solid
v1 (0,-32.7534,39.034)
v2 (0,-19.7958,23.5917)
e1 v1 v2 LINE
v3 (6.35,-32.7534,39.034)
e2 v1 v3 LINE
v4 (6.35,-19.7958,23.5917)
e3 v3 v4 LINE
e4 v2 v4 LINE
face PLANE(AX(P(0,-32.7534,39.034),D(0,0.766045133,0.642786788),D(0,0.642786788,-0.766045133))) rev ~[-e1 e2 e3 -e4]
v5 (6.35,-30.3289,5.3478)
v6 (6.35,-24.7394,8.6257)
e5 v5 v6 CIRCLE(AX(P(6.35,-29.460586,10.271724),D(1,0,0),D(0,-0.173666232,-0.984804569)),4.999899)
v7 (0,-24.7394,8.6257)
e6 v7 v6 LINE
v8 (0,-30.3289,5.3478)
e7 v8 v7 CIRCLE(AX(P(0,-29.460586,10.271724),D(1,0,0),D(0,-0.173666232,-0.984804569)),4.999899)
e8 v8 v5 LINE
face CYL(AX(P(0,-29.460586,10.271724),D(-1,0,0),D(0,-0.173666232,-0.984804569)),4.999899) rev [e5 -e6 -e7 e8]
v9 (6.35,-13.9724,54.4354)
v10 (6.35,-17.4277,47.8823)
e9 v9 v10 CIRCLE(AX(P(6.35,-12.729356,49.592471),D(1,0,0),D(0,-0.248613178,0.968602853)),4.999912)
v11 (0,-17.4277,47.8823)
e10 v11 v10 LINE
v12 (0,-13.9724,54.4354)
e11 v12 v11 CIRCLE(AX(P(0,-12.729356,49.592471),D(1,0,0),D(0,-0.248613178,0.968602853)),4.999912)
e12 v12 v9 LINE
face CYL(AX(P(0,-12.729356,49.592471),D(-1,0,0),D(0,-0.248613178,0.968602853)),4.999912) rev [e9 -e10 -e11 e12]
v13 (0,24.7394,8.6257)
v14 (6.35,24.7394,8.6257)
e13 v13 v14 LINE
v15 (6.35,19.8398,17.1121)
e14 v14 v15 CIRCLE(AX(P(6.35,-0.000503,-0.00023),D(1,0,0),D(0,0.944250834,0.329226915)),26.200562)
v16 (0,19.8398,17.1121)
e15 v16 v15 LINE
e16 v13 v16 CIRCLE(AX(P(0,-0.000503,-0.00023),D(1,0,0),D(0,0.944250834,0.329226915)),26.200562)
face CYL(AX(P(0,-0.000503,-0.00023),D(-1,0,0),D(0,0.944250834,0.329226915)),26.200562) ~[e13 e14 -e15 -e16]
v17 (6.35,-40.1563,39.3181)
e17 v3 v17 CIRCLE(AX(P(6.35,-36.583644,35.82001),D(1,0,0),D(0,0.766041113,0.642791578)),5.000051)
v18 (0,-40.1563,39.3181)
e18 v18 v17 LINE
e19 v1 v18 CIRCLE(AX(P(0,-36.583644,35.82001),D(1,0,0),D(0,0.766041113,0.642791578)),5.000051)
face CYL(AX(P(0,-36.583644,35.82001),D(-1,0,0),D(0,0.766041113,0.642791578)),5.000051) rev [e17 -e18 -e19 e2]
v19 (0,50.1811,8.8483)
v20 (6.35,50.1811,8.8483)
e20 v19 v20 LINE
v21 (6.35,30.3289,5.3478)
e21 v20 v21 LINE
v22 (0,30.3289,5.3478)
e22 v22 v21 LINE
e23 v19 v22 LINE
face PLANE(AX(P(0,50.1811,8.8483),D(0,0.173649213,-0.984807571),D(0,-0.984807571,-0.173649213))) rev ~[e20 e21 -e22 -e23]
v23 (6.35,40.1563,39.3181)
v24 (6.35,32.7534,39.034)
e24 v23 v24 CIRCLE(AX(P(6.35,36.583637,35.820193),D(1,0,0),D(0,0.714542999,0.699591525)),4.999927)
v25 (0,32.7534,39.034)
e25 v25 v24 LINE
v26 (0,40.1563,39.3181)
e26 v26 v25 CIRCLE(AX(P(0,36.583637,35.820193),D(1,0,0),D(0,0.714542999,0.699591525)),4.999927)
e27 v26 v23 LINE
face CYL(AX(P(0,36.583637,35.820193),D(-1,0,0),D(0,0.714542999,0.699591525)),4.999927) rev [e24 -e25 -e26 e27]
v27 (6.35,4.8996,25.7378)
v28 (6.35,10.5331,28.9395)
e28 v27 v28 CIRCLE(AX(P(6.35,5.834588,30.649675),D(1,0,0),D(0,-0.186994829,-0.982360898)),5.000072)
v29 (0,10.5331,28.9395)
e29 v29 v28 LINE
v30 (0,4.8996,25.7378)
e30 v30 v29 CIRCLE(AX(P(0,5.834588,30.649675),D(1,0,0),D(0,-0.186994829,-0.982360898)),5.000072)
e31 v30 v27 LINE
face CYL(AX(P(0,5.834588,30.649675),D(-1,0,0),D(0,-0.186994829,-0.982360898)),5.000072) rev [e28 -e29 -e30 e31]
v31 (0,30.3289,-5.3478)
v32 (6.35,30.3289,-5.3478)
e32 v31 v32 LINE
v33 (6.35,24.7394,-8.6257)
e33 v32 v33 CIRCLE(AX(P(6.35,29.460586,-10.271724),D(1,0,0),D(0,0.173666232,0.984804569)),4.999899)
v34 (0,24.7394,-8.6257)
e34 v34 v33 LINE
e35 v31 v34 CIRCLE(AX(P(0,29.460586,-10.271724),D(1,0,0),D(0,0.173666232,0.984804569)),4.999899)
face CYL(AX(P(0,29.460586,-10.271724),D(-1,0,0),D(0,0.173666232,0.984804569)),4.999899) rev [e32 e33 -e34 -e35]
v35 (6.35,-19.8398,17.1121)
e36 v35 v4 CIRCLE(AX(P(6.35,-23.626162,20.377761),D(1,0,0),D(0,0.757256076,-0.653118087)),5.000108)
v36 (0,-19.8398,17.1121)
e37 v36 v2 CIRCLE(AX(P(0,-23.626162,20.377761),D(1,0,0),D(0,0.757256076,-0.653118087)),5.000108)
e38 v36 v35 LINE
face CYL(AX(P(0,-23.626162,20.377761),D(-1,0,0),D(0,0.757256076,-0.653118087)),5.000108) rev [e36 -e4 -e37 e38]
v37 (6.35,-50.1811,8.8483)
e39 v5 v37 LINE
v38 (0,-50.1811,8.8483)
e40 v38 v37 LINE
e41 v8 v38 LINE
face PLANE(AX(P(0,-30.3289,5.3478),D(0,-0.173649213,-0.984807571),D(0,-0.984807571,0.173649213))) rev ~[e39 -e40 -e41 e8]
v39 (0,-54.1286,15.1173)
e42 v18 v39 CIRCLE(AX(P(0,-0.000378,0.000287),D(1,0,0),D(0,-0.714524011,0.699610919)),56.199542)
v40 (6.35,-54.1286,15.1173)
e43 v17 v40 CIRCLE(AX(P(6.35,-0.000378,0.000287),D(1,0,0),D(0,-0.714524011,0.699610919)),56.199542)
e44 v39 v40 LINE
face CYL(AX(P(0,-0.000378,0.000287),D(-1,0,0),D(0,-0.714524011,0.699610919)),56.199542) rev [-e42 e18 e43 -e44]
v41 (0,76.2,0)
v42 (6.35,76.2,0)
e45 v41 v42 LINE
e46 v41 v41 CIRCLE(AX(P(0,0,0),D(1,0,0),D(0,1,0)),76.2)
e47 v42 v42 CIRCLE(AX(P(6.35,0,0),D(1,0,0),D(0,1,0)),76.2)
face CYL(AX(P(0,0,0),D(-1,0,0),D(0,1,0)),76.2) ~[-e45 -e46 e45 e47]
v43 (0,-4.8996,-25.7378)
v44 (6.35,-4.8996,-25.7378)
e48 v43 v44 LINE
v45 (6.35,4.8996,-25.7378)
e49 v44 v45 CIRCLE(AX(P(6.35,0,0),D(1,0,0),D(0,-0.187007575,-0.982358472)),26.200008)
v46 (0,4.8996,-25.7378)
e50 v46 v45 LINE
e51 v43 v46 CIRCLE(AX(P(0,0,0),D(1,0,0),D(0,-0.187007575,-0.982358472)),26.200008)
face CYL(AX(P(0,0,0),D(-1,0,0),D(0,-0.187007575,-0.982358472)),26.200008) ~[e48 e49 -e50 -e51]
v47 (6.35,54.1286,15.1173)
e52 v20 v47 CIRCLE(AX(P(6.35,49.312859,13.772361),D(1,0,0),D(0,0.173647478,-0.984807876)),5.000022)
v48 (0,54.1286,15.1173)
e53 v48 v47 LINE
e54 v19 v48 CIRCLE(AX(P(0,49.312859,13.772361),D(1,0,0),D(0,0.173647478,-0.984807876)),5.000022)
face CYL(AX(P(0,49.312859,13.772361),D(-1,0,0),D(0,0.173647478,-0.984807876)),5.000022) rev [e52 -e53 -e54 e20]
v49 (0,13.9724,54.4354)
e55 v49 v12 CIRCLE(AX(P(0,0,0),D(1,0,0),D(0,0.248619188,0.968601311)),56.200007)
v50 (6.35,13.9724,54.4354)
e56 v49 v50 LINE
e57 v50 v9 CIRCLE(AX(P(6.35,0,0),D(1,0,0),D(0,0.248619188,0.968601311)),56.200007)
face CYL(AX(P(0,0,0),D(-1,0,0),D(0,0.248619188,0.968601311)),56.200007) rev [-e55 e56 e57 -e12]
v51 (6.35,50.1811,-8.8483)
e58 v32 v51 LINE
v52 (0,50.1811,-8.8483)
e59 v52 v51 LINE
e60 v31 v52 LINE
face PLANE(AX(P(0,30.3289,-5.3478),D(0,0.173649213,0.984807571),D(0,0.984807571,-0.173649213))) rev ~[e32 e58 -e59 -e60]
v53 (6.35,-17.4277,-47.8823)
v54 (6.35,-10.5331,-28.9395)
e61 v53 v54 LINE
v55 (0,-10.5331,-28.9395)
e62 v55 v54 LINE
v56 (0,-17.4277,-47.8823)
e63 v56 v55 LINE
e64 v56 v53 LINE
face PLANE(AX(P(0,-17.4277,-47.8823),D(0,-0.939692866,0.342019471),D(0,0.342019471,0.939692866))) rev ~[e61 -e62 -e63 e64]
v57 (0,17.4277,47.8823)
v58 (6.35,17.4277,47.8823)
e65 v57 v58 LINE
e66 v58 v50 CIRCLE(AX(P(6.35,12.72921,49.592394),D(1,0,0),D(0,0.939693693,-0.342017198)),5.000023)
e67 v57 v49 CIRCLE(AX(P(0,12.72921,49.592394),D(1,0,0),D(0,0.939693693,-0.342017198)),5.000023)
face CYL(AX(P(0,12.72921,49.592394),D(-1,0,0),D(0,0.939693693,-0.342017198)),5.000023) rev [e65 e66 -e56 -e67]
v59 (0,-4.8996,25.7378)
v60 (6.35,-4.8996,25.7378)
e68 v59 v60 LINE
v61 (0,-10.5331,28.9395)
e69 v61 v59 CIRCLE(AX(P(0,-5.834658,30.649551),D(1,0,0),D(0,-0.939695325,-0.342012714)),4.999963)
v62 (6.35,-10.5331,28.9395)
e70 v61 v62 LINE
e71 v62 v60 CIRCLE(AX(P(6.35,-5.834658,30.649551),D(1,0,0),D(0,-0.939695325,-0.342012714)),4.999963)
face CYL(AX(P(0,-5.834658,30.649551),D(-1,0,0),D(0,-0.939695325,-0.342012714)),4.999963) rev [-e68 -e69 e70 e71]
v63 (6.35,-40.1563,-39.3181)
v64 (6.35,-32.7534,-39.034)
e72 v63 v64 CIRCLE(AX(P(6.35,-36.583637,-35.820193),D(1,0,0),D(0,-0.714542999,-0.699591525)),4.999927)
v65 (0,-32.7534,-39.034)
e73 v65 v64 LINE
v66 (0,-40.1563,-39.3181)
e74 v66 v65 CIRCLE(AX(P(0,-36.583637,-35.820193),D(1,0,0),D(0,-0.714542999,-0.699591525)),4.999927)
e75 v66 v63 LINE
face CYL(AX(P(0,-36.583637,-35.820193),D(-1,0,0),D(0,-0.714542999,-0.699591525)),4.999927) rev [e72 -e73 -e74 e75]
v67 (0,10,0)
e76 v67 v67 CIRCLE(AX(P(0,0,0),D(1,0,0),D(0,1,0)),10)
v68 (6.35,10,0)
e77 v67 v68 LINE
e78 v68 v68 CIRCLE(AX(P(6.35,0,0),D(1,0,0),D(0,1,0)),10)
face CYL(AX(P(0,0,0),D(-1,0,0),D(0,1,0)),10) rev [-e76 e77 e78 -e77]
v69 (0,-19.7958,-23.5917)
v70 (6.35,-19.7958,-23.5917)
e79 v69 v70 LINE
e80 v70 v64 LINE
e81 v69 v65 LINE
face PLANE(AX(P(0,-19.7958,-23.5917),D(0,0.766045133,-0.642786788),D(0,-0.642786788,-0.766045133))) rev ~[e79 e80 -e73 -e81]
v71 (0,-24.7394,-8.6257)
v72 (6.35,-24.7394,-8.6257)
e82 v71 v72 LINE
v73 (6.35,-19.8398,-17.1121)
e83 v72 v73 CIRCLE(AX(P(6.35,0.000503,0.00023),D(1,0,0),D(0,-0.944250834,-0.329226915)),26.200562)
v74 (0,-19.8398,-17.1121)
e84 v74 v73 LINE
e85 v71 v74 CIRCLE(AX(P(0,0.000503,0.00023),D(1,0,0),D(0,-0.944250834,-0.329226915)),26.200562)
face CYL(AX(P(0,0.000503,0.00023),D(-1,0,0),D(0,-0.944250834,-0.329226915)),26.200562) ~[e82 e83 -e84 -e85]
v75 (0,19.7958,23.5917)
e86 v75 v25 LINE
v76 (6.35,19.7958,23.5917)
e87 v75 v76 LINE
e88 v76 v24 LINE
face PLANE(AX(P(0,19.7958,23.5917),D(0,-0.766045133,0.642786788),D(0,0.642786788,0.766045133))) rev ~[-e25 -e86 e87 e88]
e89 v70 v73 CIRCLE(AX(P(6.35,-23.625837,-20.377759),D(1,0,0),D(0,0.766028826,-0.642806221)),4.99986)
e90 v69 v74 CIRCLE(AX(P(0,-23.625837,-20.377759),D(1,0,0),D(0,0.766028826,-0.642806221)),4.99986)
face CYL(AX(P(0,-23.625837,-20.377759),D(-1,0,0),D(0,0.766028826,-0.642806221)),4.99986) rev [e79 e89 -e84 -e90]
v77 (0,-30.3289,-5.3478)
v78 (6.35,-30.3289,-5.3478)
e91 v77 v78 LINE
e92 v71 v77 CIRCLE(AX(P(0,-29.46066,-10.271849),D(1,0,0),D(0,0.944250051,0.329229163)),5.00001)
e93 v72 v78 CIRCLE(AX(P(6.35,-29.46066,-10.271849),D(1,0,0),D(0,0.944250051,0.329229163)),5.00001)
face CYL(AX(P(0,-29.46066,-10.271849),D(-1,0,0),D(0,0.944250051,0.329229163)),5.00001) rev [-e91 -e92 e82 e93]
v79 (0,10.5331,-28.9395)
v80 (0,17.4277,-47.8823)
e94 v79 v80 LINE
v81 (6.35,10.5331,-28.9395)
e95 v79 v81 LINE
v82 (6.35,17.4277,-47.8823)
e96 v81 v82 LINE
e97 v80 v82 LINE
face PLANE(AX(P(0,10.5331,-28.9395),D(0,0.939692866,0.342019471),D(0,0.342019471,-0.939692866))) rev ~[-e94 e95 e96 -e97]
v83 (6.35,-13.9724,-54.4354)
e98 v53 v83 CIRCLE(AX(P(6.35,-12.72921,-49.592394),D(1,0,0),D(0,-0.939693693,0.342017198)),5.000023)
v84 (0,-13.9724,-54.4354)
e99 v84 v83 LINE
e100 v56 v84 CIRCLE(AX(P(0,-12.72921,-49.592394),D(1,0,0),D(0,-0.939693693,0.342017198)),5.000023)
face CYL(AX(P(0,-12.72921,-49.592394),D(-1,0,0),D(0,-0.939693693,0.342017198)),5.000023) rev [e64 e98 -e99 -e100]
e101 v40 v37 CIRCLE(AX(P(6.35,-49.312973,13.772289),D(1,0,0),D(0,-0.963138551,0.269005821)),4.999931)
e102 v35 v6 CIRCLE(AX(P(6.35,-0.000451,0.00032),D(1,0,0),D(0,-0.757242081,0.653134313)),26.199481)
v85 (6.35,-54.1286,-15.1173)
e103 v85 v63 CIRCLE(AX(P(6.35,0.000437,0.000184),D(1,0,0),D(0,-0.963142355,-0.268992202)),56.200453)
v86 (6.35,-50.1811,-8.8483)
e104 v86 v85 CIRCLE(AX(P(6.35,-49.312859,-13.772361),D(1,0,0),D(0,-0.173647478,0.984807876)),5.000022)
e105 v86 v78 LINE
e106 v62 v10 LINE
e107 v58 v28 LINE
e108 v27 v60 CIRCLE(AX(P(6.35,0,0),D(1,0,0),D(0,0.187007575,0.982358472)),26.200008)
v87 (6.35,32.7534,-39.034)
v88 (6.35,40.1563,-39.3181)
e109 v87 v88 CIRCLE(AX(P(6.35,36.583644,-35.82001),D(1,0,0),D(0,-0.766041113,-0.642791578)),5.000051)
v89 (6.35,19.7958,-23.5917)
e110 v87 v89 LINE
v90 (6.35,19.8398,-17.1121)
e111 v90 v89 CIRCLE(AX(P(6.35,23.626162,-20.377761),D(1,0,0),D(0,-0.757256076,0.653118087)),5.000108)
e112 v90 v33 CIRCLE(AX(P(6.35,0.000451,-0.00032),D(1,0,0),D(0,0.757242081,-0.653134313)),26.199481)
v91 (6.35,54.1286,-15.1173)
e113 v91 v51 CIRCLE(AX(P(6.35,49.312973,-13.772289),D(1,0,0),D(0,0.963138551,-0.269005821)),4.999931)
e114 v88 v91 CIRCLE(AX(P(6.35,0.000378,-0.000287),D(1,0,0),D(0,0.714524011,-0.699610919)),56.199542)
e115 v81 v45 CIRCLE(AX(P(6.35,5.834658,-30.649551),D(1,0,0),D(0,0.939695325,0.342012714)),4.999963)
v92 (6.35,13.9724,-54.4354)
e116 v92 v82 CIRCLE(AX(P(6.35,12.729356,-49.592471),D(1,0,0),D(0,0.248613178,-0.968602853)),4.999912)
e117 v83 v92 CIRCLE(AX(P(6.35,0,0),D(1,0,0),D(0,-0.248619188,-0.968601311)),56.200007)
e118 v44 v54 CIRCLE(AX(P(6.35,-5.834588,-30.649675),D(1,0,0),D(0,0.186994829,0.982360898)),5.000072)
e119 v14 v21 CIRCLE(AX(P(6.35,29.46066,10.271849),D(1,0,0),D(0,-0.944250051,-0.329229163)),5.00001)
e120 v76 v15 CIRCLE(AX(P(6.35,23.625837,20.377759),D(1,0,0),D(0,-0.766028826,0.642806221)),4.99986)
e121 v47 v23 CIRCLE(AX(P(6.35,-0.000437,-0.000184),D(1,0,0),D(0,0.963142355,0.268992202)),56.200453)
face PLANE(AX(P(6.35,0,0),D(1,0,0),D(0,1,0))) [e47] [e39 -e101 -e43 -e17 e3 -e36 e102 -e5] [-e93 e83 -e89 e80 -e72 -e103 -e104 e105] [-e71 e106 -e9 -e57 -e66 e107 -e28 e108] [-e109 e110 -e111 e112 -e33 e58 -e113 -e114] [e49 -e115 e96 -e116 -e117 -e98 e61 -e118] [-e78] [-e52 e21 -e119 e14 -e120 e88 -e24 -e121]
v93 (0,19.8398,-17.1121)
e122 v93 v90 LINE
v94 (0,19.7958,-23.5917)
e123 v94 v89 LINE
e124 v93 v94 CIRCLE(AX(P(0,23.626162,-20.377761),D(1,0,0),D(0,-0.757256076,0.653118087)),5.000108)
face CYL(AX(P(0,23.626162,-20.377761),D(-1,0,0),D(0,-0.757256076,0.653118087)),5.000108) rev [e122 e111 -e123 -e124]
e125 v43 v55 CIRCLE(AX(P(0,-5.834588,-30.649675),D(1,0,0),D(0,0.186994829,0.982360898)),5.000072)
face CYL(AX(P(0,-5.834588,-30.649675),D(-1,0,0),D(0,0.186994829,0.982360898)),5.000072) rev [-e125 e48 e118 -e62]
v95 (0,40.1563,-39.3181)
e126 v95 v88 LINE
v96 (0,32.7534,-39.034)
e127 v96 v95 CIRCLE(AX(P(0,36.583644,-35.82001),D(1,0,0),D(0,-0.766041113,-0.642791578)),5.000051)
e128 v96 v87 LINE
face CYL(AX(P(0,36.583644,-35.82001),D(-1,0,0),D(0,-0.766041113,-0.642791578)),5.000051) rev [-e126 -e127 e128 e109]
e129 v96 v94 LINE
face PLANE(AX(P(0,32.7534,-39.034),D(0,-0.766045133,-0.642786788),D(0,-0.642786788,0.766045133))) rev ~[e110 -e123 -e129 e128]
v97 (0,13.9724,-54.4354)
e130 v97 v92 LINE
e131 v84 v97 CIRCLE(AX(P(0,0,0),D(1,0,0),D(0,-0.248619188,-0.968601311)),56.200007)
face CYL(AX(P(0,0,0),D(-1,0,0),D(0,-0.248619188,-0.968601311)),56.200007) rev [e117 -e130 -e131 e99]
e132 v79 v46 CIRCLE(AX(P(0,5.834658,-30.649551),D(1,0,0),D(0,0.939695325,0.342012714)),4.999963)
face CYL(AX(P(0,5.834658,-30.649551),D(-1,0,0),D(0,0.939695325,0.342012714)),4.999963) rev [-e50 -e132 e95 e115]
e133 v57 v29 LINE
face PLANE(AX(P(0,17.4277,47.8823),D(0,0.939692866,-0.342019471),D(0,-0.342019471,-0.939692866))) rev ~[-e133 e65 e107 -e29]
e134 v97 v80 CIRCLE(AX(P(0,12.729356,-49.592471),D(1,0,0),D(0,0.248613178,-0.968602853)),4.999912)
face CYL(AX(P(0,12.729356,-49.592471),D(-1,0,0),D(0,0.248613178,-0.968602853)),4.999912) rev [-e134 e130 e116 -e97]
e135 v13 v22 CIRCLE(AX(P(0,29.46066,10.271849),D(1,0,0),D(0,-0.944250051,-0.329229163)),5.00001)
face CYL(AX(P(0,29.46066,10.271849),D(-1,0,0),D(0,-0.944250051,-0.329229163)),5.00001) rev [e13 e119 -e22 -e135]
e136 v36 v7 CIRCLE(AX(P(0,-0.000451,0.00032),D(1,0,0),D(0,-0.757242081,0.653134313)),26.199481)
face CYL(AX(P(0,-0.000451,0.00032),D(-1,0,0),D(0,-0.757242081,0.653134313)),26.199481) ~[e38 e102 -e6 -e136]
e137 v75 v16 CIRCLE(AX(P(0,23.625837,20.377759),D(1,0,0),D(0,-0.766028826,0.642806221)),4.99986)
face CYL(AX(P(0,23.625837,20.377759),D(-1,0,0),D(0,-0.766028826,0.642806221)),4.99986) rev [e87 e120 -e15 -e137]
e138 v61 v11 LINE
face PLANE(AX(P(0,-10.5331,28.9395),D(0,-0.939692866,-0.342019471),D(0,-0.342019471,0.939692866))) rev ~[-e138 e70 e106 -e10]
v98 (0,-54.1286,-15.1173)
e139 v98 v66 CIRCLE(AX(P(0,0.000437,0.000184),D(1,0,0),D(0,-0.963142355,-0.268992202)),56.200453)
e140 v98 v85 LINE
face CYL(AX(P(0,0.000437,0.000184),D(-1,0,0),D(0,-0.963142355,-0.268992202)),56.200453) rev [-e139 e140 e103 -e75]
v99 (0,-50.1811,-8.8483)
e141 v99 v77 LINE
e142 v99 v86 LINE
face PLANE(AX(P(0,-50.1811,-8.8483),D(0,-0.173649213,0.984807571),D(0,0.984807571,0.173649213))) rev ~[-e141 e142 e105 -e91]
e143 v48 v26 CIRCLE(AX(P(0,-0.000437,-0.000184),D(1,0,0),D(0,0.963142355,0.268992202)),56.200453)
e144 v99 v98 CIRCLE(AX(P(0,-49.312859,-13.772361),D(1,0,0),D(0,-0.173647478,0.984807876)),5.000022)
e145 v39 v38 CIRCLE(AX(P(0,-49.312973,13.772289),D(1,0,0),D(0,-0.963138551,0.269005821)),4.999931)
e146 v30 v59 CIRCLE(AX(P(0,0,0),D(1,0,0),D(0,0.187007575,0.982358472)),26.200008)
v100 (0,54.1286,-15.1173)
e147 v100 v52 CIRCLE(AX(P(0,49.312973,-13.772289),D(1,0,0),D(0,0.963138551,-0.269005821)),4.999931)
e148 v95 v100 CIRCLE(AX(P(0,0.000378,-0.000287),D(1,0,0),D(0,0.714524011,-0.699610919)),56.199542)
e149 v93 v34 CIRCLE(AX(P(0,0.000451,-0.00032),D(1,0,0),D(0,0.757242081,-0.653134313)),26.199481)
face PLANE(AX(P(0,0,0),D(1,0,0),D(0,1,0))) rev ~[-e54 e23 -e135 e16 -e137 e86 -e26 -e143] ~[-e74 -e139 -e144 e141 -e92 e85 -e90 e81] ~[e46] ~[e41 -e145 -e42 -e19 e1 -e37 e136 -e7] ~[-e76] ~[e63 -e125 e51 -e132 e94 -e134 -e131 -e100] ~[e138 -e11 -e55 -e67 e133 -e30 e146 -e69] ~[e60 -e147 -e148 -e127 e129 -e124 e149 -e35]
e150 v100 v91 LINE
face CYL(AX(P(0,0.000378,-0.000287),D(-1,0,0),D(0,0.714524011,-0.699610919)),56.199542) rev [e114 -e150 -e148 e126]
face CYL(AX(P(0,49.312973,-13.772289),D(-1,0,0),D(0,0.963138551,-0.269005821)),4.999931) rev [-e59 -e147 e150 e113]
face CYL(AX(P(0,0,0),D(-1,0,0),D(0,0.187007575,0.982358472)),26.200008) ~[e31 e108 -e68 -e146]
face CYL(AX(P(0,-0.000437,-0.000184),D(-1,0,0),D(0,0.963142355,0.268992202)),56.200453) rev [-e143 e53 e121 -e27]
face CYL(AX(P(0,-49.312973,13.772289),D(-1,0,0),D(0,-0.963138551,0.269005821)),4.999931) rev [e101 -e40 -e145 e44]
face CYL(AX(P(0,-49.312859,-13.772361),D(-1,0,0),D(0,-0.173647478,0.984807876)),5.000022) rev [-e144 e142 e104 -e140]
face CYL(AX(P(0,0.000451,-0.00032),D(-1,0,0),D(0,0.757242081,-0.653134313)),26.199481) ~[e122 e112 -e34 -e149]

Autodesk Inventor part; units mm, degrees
ref_plane "YZ Plane" through (0, 0, 0) normal (1, 0, 0) x (0, 1, 0)
ref_plane "XZ Plane" through (0, 0, 0) normal (0, 1, 0) x (-1, 0, 0)
ref_plane "XY Plane" through (0, 0, 0) normal (0, 0, 1) x (1, 0, 0)
sketch "Sketch1" plane through (0, 0, 0) normal (1, 0, 0) x (0, 1, 0)
  circle A0 centre (0, 0) radius 76.2
  line L0 (0, 0) -> (44.7892, 61.6471) construction
  line L1 (0, 0) -> (-44.7892, 61.6471) construction
  line L2 (0, 0) -> (-26.0619, 71.6046) construction
  line L3 (0, -76.2) -> (0, 76.2) construction
  line L4 (-10.5331, 28.9395) -> (-17.4277, 47.8823)
  arc A1 (13.9724, 54.4354) -> (-13.9724, 54.4354) centre (0, 0) ccw
  arc A2 (4.8996, 25.7378) -> (-4.8996, 25.7378) centre (0, 0) ccw
  arc A3 (17.4277, 47.8823) -> (13.9724, 54.4354) centre (12.7293, 49.5924) ccw
  arc A4 (4.8996, 25.7378) -> (10.5331, 28.9395) centre (5.8346, 30.6496) ccw
  arc A5 (-10.5331, 28.9395) -> (-4.8996, 25.7378) centre (-5.8346, 30.6496) ccw
  arc A6 (-13.9724, 54.4354) -> (-17.4277, 47.8823) centre (-12.7293, 49.5924) ccw
  line L5 (0, 0) -> (26.0619, 71.6046) construction
  line L6 (17.4277, 47.8823) -> (10.5331, 28.9395)
  line L7 (-32.7534, 39.034) -> (-19.7958, 23.5917)
  arc A7 (-32.7534, 39.034) -> (-40.1563, 39.3181) centre (-36.5836, 35.8201) ccw
  arc A8 (-19.8398, 17.1121) -> (-19.7958, 23.5917) centre (-23.626, 20.3777) ccw
  line L8 (-30.3289, 5.3478) -> (-50.1811, 8.8483)
  arc A9 (-30.3289, 5.3478) -> (-24.7394, 8.6257) centre (-29.4606, 10.2718) ccw
  arc A10 (-19.8398, 17.1121) -> (-24.7394, 8.6257) centre (0, 0) ccw
  arc A11 (-40.1563, 39.3181) -> (-54.1286, 15.1173) centre (0, 0) ccw
  arc A12 (-54.1286, 15.1173) -> (-50.1811, 8.8483) centre (-49.3129, 13.7723) ccw
  line L9 (-50.1811, -8.8483) -> (-30.3289, -5.3478)
  arc A13 (-50.1811, -8.8483) -> (-54.1286, -15.1173) centre (-49.3129, -13.7723) ccw
  arc A14 (-24.7394, -8.6257) -> (-30.3289, -5.3478) centre (-29.4606, -10.2718) ccw
  line L10 (-19.7958, -23.5917) -> (-32.7534, -39.034)
  arc A15 (-19.7958, -23.5917) -> (-19.8398, -17.1121) centre (-23.626, -20.3777) ccw
  arc A16 (-24.7394, -8.6257) -> (-19.8398, -17.1121) centre (0, 0) ccw
  arc A17 (-54.1286, -15.1173) -> (-40.1563, -39.3181) centre (0, 0) ccw
  arc A18 (-40.1563, -39.3181) -> (-32.7534, -39.034) centre (-36.5836, -35.8201) ccw
  line L11 (-17.4277, -47.8823) -> (-10.5331, -28.9395)
  arc A19 (-17.4277, -47.8823) -> (-13.9724, -54.4354) centre (-12.7293, -49.5924) ccw
  arc A20 (-4.8996, -25.7378) -> (-10.5331, -28.9395) centre (-5.8346, -30.6496) ccw
  line L12 (10.5331, -28.9395) -> (17.4277, -47.8823)
  arc A21 (10.5331, -28.9395) -> (4.8996, -25.7378) centre (5.8346, -30.6496) ccw
  arc A22 (-4.8996, -25.7378) -> (4.8996, -25.7378) centre (0, 0) ccw
  arc A23 (-13.9724, -54.4354) -> (13.9724, -54.4354) centre (0, 0) ccw
  arc A24 (13.9724, -54.4354) -> (17.4277, -47.8823) centre (12.7293, -49.5924) ccw
  line L13 (32.7534, -39.034) -> (19.7958, -23.5917)
  arc A25 (32.7534, -39.034) -> (40.1563, -39.3181) centre (36.5836, -35.8201) ccw
  arc A26 (19.8398, -17.1121) -> (19.7958, -23.5917) centre (23.626, -20.3777) ccw
  line L14 (30.3289, -5.3478) -> (50.1811, -8.8483)
  arc A27 (30.3289, -5.3478) -> (24.7394, -8.6257) centre (29.4606, -10.2718) ccw
  arc A28 (19.8398, -17.1121) -> (24.7394, -8.6257) centre (0, 0) ccw
  arc A29 (40.1563, -39.3181) -> (54.1286, -15.1173) centre (0, 0) ccw
  arc A30 (54.1286, -15.1173) -> (50.1811, -8.8483) centre (49.3129, -13.7723) ccw
  circle A31 centre (0, 0) radius 10
  circle A32 centre (0, 0) radius 26.2 construction
  line L15 (50.1811, 8.8483) -> (30.3289, 5.3478)
  arc A33 (50.1811, 8.8483) -> (54.1286, 15.1173) centre (49.3129, 13.7723) ccw
  arc A34 (24.7394, 8.6257) -> (30.3289, 5.3478) centre (29.4606, 10.2718) ccw
  line L16 (19.7958, 23.5917) -> (32.7534, 39.034)
  arc A35 (19.7958, 23.5917) -> (19.8398, 17.1121) centre (23.626, 20.3777) ccw
  arc A36 (24.7394, 8.6257) -> (19.8398, 17.1121) centre (0, 0) ccw
  arc A37 (54.1286, 15.1173) -> (40.1563, 39.3181) centre (0, 0) ccw
  arc A38 (40.1563, 39.3181) -> (32.7534, 39.034) centre (36.5836, 35.8201) ccw
  point P0 (8.9609, 24.6199)
  point P1 (-8.9609, 24.6199)
  point P2 (-19.2215, 52.8107)
  dimension "d1" = 72
  dimension "d4" = 16
  dimension "d7" = 20
  dimension "d8" = 152.4
  dimension "d9" = 30
  dimension "d10" = 5
  dimension "d11" = 5
  dimension "d12" = 36
  dimension "d13" = 20
  dimension "d16" = 360
  dimension "d18" = 20
  dimension "d21" = 52.4
extrude "Extrusion2" add sketch "Sketch1" along normal blind 6.35
properties part number "paddlewheel_outer"
